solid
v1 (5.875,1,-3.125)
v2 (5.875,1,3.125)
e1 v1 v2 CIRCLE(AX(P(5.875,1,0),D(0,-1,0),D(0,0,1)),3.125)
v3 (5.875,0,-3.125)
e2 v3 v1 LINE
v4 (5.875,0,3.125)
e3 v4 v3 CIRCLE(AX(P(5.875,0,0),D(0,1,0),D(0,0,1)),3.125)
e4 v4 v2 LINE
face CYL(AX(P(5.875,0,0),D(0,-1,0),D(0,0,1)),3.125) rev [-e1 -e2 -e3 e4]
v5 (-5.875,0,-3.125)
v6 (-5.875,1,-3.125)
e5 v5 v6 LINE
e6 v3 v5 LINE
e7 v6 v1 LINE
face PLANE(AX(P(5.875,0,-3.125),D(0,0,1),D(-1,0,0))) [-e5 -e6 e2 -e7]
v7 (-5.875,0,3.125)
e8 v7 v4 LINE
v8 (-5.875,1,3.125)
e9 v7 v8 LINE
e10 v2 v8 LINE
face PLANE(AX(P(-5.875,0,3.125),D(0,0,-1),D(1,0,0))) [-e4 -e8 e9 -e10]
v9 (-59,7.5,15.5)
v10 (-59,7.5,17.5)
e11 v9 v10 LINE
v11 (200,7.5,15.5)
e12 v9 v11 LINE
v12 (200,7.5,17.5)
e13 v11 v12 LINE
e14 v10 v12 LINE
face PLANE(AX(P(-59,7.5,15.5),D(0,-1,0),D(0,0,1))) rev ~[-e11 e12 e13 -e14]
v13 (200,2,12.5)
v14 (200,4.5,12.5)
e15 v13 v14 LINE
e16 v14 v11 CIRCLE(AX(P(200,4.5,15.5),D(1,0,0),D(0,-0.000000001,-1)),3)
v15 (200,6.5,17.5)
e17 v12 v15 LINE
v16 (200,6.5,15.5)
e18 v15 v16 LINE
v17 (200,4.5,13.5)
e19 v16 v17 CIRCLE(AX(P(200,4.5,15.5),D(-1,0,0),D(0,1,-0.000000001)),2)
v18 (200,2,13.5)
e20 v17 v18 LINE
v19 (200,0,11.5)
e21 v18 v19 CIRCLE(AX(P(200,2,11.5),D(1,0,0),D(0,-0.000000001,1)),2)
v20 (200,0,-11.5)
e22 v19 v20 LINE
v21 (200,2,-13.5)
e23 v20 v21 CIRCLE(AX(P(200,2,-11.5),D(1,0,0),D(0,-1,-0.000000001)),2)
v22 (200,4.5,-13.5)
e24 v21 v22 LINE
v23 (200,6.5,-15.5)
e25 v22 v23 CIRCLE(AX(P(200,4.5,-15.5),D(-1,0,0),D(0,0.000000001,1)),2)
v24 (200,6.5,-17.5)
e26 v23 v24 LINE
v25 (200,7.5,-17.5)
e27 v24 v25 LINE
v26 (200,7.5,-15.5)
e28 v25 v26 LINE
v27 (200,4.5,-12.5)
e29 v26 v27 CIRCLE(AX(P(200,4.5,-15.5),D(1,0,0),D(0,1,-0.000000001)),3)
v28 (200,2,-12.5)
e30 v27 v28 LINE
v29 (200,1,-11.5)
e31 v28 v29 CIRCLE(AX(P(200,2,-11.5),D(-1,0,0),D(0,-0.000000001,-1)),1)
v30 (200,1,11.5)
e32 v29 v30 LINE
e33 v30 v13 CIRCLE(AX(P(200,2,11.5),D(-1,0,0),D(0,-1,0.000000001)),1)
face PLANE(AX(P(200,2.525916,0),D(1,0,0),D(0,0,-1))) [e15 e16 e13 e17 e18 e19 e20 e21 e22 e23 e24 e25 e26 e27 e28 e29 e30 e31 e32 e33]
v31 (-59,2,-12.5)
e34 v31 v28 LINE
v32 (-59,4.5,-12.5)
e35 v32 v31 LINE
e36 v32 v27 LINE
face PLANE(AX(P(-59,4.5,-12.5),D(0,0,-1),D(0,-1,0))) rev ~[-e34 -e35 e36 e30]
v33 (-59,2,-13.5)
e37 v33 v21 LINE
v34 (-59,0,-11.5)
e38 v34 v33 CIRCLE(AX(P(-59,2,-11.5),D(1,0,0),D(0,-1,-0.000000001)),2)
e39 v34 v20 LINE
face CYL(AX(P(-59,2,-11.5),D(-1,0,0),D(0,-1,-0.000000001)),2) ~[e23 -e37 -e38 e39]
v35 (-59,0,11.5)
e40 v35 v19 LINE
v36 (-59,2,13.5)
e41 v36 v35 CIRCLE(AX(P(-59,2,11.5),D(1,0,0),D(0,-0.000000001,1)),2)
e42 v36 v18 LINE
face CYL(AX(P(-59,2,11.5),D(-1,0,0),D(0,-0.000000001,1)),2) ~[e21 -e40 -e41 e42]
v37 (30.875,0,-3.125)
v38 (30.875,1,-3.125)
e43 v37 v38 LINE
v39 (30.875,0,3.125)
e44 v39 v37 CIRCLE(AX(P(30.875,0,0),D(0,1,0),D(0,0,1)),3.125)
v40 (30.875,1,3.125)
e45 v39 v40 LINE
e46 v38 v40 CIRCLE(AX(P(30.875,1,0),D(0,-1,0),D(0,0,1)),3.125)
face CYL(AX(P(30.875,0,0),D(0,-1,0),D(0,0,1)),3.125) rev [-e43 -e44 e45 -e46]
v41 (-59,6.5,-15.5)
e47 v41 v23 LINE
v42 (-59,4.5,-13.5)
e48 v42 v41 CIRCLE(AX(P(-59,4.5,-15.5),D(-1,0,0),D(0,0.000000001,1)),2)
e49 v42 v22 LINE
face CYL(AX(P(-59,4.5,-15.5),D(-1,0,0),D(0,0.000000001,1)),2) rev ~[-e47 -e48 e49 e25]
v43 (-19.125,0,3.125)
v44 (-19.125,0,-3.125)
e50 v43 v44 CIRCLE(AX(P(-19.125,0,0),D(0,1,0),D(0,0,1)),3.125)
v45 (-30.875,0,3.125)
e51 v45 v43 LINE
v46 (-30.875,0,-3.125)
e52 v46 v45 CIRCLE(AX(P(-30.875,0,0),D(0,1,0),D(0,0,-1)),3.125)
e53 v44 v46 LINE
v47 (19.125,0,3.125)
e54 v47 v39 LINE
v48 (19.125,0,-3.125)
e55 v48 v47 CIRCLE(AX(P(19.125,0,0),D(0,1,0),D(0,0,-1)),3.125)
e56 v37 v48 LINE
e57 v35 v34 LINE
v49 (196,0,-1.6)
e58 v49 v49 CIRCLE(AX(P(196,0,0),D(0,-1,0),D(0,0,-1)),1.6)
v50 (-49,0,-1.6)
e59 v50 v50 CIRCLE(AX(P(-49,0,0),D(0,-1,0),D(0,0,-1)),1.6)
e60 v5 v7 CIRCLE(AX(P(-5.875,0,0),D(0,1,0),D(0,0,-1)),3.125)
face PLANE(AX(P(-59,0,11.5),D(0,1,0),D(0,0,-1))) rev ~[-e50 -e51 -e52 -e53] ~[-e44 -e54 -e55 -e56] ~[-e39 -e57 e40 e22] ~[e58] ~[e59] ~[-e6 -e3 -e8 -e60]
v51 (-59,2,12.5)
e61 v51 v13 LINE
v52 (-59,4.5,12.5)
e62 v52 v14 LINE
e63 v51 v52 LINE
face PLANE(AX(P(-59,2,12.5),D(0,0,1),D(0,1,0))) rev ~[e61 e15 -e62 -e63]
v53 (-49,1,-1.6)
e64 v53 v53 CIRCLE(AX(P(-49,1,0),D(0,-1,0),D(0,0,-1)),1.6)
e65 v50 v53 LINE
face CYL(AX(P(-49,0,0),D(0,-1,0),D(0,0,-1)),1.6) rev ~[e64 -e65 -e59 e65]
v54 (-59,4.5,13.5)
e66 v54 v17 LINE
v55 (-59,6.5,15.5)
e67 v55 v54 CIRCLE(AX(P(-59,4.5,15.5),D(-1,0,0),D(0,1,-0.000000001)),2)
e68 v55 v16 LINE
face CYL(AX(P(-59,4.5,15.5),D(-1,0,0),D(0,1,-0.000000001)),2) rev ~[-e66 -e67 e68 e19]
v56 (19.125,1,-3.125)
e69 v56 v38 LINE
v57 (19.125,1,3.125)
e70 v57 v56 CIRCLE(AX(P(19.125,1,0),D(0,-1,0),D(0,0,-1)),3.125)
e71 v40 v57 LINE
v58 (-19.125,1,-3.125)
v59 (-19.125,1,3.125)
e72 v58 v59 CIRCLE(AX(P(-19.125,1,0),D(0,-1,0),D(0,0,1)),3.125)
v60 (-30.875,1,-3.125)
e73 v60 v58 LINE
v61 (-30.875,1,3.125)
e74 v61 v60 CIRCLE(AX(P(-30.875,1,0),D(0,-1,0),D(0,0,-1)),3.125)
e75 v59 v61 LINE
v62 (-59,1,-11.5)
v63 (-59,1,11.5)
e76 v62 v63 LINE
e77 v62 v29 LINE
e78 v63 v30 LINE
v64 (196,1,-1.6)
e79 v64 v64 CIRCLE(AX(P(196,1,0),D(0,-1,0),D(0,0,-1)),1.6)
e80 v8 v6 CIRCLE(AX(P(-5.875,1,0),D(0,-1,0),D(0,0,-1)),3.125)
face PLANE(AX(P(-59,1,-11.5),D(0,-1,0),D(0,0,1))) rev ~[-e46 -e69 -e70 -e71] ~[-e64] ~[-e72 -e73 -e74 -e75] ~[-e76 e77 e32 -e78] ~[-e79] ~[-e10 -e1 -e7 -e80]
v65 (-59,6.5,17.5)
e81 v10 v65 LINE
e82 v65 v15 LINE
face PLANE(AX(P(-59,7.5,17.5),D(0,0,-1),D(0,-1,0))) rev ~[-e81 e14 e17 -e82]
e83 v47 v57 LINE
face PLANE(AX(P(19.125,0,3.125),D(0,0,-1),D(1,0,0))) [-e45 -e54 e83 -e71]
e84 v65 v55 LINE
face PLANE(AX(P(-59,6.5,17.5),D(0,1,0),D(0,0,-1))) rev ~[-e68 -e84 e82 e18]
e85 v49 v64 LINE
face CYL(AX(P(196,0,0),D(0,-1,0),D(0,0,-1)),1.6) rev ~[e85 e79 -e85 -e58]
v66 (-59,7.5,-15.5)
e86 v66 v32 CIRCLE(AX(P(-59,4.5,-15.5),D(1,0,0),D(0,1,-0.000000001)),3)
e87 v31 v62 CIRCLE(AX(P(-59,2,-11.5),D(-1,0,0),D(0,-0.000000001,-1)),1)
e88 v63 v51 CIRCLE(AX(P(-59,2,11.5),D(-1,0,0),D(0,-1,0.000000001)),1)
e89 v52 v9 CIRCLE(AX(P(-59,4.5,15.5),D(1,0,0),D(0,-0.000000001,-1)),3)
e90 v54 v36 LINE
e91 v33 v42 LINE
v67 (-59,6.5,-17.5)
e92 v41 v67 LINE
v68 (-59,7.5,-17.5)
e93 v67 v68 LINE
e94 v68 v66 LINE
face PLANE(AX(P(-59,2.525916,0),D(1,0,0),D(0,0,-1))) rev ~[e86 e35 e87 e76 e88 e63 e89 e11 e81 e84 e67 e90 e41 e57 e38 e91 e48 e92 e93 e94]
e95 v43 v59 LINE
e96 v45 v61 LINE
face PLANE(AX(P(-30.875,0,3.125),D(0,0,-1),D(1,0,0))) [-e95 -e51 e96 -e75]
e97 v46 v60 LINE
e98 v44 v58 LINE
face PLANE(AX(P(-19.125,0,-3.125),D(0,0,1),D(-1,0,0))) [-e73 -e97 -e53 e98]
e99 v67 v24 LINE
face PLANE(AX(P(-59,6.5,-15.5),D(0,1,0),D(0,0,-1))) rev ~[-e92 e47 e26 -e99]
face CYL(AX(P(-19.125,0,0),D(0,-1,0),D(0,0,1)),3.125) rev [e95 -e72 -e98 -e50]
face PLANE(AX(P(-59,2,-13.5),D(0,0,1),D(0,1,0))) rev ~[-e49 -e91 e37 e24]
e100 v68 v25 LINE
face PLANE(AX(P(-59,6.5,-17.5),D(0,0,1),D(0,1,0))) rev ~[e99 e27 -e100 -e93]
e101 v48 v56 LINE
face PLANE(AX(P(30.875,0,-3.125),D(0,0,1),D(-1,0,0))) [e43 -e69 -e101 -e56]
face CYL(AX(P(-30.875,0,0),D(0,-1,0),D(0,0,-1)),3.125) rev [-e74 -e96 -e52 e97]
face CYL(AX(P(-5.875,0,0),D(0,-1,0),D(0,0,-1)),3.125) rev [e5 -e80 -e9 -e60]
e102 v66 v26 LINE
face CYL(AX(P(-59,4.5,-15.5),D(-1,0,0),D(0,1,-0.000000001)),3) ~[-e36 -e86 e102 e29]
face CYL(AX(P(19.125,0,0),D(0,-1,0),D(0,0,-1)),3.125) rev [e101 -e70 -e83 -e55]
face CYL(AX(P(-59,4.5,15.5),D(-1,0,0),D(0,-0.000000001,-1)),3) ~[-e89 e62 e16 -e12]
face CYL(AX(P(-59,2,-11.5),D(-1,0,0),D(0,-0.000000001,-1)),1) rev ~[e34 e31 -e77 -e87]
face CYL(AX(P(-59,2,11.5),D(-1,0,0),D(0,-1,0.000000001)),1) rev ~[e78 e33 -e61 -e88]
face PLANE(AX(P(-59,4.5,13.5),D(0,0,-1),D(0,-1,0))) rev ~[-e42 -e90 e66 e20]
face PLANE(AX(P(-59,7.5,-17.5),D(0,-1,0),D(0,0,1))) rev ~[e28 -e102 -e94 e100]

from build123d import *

# Parameters (mm, degrees)
EXTRUDE_THIN1_DEPTH        = 200
EXTRUDE_THIN1_DEPTH_BACK   = 59
CUT_EXTRUDE1_REACH         = 202.904
LPATTERN1_COUNT            = 2
LPATTERN1_PITCH            = 25
LPATTERN1_COL_COUNT        = 2
LPATTERN1_COL_PITCH        = 25
SZKIC1_R                   = 1.6
WYTNIJ_WYCI_GNI_CIE1_DEPTH = 201.904206029


with BuildPart() as part:
    # Sketch1 → Extrude-Thin1 (new, two sides: drawn at the far end of the back side and taken through both)
    with BuildSketch(Plane(origin=(0, 0, 0), x_dir=(0, 0, -1), z_dir=(1, 0, 0)).offset(-EXTRUDE_THIN1_DEPTH_BACK)):
        with BuildLine():
            Line((-17.5, 6.5), (-15.5, 6.5))
            ThreePointArc((-15.5, 6.5), (-14.085786438, 5.914213562), (-13.5, 4.5))
            Line((-13.5, 4.5), (-13.5, 2))
            ThreePointArc((-13.5, 2), (-12.914213562, 0.585786438), (-11.5, 0))
            Line((-11.5, 0), (11.5, 0))
            ThreePointArc((11.5, 0), (12.914213562, 0.585786438), (13.5, 2))
            Line((13.5, 2), (13.5, 4.5))
            ThreePointArc((13.5, 4.5), (14.085786438, 5.914213562), (15.5, 6.5))
            Line((15.5, 6.5), (17.5, 6.5))
            Line((17.5, 6.5), (17.5, 7.5))
            Line((17.5, 7.5), (15.5, 7.5))
            ThreePointArc((15.5, 7.5), (13.378679656, 6.621320344), (12.5, 4.5))
            Line((12.5, 4.5), (12.5, 2))
            ThreePointArc((12.5, 2), (12.207106781, 1.292893219), (11.5, 1))
            Line((11.5, 1), (-11.5, 1))
            ThreePointArc((-11.5, 1), (-12.207106781, 1.292893219), (-12.5, 2))
            Line((-12.5, 2), (-12.5, 4.5))
            ThreePointArc((-12.5, 4.5), (-13.378679656, 6.621320344), (-15.5, 7.5))
            Line((-15.5, 7.5), (-17.5, 7.5))
            Line((-17.5, 7.5), (-17.5, 6.5))
        make_face()
    extrude(amount=EXTRUDE_THIN1_DEPTH + EXTRUDE_THIN1_DEPTH_BACK)

    # Sketch2 → Cut-Extrude1 (cut, up to next)
    with BuildSketch(Plane.XZ, mode=Mode.PRIVATE) as cut_extrude1_sk1:
        with BuildLine():
            Line((-5.875, 3.125), (5.875, 3.125))
            ThreePointArc((5.875, 3.125), (9, 0), (5.875, -3.125))
            Line((5.875, -3.125), (-5.875, -3.125))
            ThreePointArc((-5.875, -3.125), (-9, 0), (-5.875, 3.125))
        make_face()
    cut_extrude1_tool1 = extrude(cut_extrude1_sk1.sketch, amount=-CUT_EXTRUDE1_REACH, mode=Mode.PRIVATE) & part.part
    cut_extrude1 = cut_extrude1_tool1.solids().sort_by_distance((0, 0, 0))[0]
    add(cut_extrude1, mode=Mode.SUBTRACT)

    # LPattern1: Cut-Extrude1 ×2
    with Locations(*[(i * LPATTERN1_PITCH, 0, 0) for i in range(1, LPATTERN1_COUNT)]):
        add(cut_extrude1, mode=Mode.SUBTRACT)

    # LPattern1 col: Cut-Extrude1 ×2
    with Locations(*[(-i * LPATTERN1_COL_PITCH, 0, 0) for i in range(1, LPATTERN1_COL_COUNT)]):
        add(cut_extrude1, mode=Mode.SUBTRACT)

    # Szkic1 → Wytnij-wyciągnięcie1 (cut, through all)
    with BuildSketch(Plane.XZ):
        with Locations(Location((-49, 0, 0), (0, 0, 270))):
            Circle(SZKIC1_R)
        with Locations(Location((196, 0, 0), (0, 0, 270))):
            Circle(SZKIC1_R)
    extrude(amount=-WYTNIJ_WYCI_GNI_CIE1_DEPTH, mode=Mode.SUBTRACT)


solid = part.part
